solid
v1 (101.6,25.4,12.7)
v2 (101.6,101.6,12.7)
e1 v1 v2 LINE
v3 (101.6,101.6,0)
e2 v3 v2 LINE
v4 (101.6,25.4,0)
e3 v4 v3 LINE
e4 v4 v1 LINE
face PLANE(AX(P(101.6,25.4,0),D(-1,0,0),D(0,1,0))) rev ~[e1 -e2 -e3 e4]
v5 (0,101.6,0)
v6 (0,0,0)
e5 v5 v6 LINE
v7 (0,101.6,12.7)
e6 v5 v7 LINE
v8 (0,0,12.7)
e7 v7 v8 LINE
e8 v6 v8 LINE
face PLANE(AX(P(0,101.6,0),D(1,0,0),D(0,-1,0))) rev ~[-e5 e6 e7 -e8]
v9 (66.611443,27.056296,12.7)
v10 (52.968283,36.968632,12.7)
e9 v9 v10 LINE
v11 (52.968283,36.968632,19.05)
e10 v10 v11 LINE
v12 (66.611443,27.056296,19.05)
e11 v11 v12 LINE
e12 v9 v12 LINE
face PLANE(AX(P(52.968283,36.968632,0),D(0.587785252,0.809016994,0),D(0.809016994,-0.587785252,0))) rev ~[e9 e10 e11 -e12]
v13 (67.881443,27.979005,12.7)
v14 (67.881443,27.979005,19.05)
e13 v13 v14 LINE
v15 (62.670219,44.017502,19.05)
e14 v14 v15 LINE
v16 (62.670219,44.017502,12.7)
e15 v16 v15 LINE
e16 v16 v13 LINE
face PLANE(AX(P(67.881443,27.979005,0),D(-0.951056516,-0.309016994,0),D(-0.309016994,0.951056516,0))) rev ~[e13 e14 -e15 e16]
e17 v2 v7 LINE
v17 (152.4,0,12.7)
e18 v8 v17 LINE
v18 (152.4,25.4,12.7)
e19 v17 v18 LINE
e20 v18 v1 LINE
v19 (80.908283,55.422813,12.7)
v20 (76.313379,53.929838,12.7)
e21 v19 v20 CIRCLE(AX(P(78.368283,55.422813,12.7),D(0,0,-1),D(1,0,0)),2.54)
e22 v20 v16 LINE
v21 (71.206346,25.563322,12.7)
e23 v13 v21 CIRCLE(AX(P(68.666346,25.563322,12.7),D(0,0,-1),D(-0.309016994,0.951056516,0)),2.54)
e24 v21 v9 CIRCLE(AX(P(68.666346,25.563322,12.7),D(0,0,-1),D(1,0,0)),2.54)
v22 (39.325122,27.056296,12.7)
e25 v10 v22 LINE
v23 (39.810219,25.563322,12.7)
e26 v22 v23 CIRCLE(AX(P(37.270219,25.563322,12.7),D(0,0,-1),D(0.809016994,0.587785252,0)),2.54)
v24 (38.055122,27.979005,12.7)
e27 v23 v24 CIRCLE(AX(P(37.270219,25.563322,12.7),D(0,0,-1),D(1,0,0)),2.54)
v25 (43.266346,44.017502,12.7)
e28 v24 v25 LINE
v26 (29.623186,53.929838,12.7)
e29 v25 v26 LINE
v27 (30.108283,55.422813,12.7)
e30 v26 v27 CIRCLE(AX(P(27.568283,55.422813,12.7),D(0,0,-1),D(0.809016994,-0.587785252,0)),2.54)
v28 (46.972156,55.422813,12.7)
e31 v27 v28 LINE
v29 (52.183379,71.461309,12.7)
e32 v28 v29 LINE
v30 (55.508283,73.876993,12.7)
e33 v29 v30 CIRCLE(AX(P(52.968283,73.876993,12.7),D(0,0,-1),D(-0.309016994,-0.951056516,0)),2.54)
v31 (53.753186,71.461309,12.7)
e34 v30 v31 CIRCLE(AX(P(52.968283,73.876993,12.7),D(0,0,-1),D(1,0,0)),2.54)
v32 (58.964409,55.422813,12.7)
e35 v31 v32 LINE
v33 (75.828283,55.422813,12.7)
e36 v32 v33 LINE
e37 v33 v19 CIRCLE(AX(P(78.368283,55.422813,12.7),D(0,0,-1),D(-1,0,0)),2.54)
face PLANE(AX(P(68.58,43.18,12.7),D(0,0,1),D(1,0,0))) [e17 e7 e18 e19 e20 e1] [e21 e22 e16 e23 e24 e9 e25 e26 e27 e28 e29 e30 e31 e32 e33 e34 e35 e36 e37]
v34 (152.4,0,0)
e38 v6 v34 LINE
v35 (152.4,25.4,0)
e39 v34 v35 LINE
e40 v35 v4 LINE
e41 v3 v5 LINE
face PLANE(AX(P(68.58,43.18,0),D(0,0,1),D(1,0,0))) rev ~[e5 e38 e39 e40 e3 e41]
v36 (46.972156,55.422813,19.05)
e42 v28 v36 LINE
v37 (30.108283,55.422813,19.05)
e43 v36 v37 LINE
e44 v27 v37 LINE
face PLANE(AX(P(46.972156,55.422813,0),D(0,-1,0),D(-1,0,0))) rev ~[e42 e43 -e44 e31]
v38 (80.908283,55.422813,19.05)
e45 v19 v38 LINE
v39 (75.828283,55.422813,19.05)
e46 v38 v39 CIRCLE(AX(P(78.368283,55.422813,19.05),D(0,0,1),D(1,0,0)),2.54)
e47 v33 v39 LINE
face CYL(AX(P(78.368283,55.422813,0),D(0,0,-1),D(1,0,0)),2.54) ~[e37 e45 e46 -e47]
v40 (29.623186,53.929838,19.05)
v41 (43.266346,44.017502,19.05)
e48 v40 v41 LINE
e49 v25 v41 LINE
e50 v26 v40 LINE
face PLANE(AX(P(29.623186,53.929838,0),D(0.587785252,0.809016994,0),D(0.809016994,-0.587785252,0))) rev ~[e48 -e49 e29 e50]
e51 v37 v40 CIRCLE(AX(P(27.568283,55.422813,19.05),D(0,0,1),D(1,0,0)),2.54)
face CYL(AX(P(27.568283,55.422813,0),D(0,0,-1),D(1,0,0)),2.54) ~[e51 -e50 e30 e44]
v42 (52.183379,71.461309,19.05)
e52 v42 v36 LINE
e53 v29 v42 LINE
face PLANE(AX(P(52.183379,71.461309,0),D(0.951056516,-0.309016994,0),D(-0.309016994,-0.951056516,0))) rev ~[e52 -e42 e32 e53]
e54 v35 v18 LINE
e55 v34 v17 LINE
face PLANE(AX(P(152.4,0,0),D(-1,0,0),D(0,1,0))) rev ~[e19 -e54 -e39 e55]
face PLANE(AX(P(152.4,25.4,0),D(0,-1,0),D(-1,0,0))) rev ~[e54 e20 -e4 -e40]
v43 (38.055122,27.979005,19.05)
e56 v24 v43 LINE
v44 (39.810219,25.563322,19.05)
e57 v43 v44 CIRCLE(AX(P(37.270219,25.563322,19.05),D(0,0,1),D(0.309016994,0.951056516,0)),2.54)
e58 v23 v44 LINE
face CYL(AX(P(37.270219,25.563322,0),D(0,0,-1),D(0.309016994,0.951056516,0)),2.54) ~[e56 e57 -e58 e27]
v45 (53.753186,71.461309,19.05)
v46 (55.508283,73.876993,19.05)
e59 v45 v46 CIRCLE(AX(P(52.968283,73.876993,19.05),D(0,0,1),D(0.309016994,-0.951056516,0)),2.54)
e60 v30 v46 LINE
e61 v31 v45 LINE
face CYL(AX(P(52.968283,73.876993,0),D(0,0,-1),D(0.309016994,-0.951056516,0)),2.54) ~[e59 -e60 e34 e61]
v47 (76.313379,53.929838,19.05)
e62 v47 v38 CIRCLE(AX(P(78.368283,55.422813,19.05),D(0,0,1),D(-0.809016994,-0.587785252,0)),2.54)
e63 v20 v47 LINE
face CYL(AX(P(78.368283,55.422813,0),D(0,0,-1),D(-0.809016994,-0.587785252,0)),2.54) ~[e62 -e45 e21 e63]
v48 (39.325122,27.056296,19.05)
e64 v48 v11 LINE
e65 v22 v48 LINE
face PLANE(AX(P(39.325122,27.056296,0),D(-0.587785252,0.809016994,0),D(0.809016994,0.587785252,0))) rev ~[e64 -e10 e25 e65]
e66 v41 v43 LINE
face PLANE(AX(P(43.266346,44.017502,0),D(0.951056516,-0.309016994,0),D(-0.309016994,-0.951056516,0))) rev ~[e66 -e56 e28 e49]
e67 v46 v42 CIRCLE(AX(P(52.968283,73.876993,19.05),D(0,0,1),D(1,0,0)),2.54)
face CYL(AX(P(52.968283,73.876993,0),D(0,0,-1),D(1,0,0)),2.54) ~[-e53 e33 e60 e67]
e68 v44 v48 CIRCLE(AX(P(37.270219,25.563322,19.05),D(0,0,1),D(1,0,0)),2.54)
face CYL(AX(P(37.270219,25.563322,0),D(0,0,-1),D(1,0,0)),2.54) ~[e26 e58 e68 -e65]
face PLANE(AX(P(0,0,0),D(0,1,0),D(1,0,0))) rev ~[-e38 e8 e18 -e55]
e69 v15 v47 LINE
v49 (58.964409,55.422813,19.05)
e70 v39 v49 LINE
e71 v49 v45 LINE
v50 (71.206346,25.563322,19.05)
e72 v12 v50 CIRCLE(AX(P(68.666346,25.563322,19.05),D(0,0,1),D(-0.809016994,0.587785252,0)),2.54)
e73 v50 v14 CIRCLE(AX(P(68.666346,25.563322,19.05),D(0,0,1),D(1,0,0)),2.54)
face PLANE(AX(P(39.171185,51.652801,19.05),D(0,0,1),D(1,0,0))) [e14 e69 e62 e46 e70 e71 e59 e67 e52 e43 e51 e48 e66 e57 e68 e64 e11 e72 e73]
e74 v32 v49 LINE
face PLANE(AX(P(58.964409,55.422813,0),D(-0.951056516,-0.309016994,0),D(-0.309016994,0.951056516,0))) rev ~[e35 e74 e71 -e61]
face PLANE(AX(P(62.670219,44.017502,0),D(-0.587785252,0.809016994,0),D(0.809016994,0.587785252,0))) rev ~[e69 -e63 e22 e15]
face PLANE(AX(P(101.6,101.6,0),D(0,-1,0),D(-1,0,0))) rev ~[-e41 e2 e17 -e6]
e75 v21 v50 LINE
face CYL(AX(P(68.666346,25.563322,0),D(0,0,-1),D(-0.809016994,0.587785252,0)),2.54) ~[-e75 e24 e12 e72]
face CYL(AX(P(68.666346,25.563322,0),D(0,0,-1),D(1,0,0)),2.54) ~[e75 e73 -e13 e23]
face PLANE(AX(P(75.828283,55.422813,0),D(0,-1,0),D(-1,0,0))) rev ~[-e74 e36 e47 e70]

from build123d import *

# Parameters (mm, degrees)
F1_DEPTH = 19.05
F2_DEPTH = 12.7


with BuildPart() as f1:
    # F0 (on Top) → F1 (new body)
    with BuildSketch(Plane.XY):
        with BuildLine():
            Line((46.972155931, 55.4228127003), (30.1082825595, 55.4228127003))
            ThreePointArc((30.1082825595, 55.4228127003), (29.9839661109, 54.6379095346), (29.6231857252, 53.9298381594))
            Line((29.6231857252, 53.9298381594), (43.2663458738, 44.0175020952))
            Line((43.2663458738, 44.0175020952), (46.972155931, 55.4228127003))
        make_face()
        Polygon((58.964409188, 55.4228127003), (46.972155931, 55.4228127003), (43.2663458738, 44.0175020952), (52.9682825595, 36.9686324889), (62.6702192453, 44.0175020952), align=None)
        with BuildLine():
            Line((52.9682825595, 36.9686324889), (43.2663458738, 44.0175020952))
            Line((43.2663458738, 44.0175020952), (38.055122411, 27.9790054352))
            ThreePointArc((38.055122411, 27.9790054352), (38.7631937861, 27.6182250495), (39.325122411, 27.0562964246))
            Line((39.325122411, 27.0562964246), (52.9682825595, 36.9686324889))
        make_face()
        with BuildLine():
            Line((62.6702192453, 44.0175020952), (52.9682825595, 36.9686324889))
            Line((52.9682825595, 36.9686324889), (66.611442708, 27.0562964246))
            ThreePointArc((66.611442708, 27.0562964246), (67.1733713329, 27.6182250495), (67.881442708, 27.9790054352))
            Line((67.881442708, 27.9790054352), (62.6702192453, 44.0175020952))
        make_face()
        with BuildLine():
            Line((75.8282825595, 55.4228127003), (58.964409188, 55.4228127003))
            Line((58.964409188, 55.4228127003), (62.6702192453, 44.0175020952))
            Line((62.6702192453, 44.0175020952), (76.3133793938, 53.9298381594))
            ThreePointArc((76.3133793938, 53.9298381594), (75.9525990081, 54.6379095346), (75.8282825595, 55.4228127003))
        make_face()
        with BuildLine():
            Line((52.1833793938, 71.4613093602), (46.972155931, 55.4228127003))
            Line((46.972155931, 55.4228127003), (58.964409188, 55.4228127003))
            Line((58.964409188, 55.4228127003), (53.7531857252, 71.4613093602))
            ThreePointArc((53.7531857252, 71.4613093602), (52.9682825595, 71.3369929116), (52.1833793938, 71.4613093602))
        make_face()
        with BuildLine():
            ThreePointArc((55.5082825595, 73.8769929116), (51.4753080187, 75.9318960773), (52.1833793938, 71.4613093602))
            Line((52.1833793938, 71.4613093602), (52.9682825595, 73.8769929116))
            Line((52.9682825595, 73.8769929116), (53.7531857252, 71.4613093602))
            ThreePointArc((53.7531857252, 71.4613093602), (55.0231857252, 72.3840183708), (55.5082825595, 73.8769929116))
        make_face()
        with BuildLine():
            Line((29.6231857252, 53.9298381594), (27.5682825595, 55.4228127003))
            Line((27.5682825595, 55.4228127003), (30.1082825595, 55.4228127003))
            ThreePointArc((30.1082825595, 55.4228127003), (25.1525990081, 56.207715866), (29.6231857252, 53.9298381594))
        make_face()
        with BuildLine():
            Line((30.1082825595, 55.4228127003), (27.5682825595, 55.4228127003))
            Line((27.5682825595, 55.4228127003), (29.6231857252, 53.9298381594))
            ThreePointArc((29.6231857252, 53.9298381594), (29.9839661109, 54.6379095346), (30.1082825595, 55.4228127003))
        make_face()
        with BuildLine():
            Line((52.9682825595, 73.8769929116), (52.1833793938, 71.4613093602))
            ThreePointArc((52.1833793938, 71.4613093602), (52.9682825595, 71.3369929116), (53.7531857252, 71.4613093602))
            Line((53.7531857252, 71.4613093602), (52.9682825595, 73.8769929116))
        make_face()
        with BuildLine():
            Line((78.3682825595, 55.4228127003), (75.8282825595, 55.4228127003))
            ThreePointArc((75.8282825595, 55.4228127003), (75.9525990081, 54.6379095346), (76.3133793938, 53.9298381594))
            Line((76.3133793938, 53.9298381594), (78.3682825595, 55.4228127003))
        make_face()
        with BuildLine():
            ThreePointArc((80.9082825595, 55.4228127003), (78.3682825595, 57.9628127003), (75.8282825595, 55.4228127003))
            Line((75.8282825595, 55.4228127003), (78.3682825595, 55.4228127003))
            Line((78.3682825595, 55.4228127003), (76.3133793938, 53.9298381594))
            ThreePointArc((76.3133793938, 53.9298381594), (79.1531857252, 53.0071291489), (80.9082825595, 55.4228127003))
        make_face()
        with BuildLine():
            ThreePointArc((67.881442708, 27.9790054352), (67.1733713329, 27.6182250495), (66.611442708, 27.0562964246))
            Line((66.611442708, 27.0562964246), (68.6663458738, 25.5633218838))
            Line((68.6663458738, 25.5633218838), (67.881442708, 27.9790054352))
        make_face()
        with BuildLine():
            Line((68.6663458738, 25.5633218838), (66.611442708, 27.0562964246))
            ThreePointArc((66.611442708, 27.0562964246), (67.881442708, 23.1476383324), (71.2063458738, 25.5633218838))
            ThreePointArc((71.2063458738, 25.5633218838), (70.1593204146, 27.6182250495), (67.881442708, 27.9790054352))
            Line((67.881442708, 27.9790054352), (68.6663458738, 25.5633218838))
        make_face()
        with BuildLine():
            ThreePointArc((39.325122411, 27.0562964246), (38.7631937861, 27.6182250495), (38.055122411, 27.9790054352))
            Line((38.055122411, 27.9790054352), (37.2702192453, 25.5633218838))
            Line((37.2702192453, 25.5633218838), (39.325122411, 27.0562964246))
        make_face()
        with BuildLine():
            Line((37.2702192453, 25.5633218838), (38.055122411, 27.9790054352))
            ThreePointArc((38.055122411, 27.9790054352), (35.2153160796, 24.070347343), (39.8102192453, 25.5633218838))
            ThreePointArc((39.8102192453, 25.5633218838), (39.6859027967, 26.3482250495), (39.325122411, 27.0562964246))
            Line((39.325122411, 27.0562964246), (37.2702192453, 25.5633218838))
        make_face()
    extrude(amount=F1_DEPTH)

    # F0 (on Top) → F2 (join)
    with BuildSketch(Plane.XY):
        Polygon((0, 76.2), (0, 0), (152.4, 0), (152.4, 25.4), (101.6, 25.4), (101.6, 101.6), (76.2, 101.6), (0, 101.6), align=None)
        with BuildLine():
            ThreePointArc((29.6231857252, 53.9298381594), (25.1525990081, 56.207715866), (30.1082825595, 55.4228127003))
            Line((30.1082825595, 55.4228127003), (46.972155931, 55.4228127003))
            Line((46.972155931, 55.4228127003), (52.1833793938, 71.4613093602))
            ThreePointArc((52.1833793938, 71.4613093602), (51.4753080187, 75.9318960773), (55.5082825595, 73.8769929116))
            ThreePointArc((55.5082825595, 73.8769929116), (55.0231857252, 72.3840183708), (53.7531857252, 71.4613093602))
            Line((53.7531857252, 71.4613093602), (58.964409188, 55.4228127003))
            Line((58.964409188, 55.4228127003), (75.8282825595, 55.4228127003))
            ThreePointArc((75.8282825595, 55.4228127003), (78.3682825595, 57.9628127003), (80.9082825595, 55.4228127003))
            ThreePointArc((80.9082825595, 55.4228127003), (79.1531857252, 53.0071291489), (76.3133793938, 53.9298381594))
            Line((76.3133793938, 53.9298381594), (62.6702192453, 44.0175020952))
            Line((62.6702192453, 44.0175020952), (67.881442708, 27.9790054352))
            ThreePointArc((67.881442708, 27.9790054352), (70.1593204146, 27.6182250495), (71.2063458738, 25.5633218838))
            ThreePointArc((71.2063458738, 25.5633218838), (67.881442708, 23.1476383324), (66.611442708, 27.0562964246))
            Line((66.611442708, 27.0562964246), (52.9682825595, 36.9686324889))
            Line((52.9682825595, 36.9686324889), (39.325122411, 27.0562964246))
            ThreePointArc((39.325122411, 27.0562964246), (39.6859027967, 26.3482250495), (39.8102192453, 25.5633218838))
            ThreePointArc((39.8102192453, 25.5633218838), (35.2153160796, 24.070347343), (38.055122411, 27.9790054352))
            Line((38.055122411, 27.9790054352), (43.2663458738, 44.0175020952))
            Line((43.2663458738, 44.0175020952), (29.6231857252, 53.9298381594))
        make_face(mode=Mode.SUBTRACT)
    extrude(amount=F2_DEPTH)


solid = f1.part
